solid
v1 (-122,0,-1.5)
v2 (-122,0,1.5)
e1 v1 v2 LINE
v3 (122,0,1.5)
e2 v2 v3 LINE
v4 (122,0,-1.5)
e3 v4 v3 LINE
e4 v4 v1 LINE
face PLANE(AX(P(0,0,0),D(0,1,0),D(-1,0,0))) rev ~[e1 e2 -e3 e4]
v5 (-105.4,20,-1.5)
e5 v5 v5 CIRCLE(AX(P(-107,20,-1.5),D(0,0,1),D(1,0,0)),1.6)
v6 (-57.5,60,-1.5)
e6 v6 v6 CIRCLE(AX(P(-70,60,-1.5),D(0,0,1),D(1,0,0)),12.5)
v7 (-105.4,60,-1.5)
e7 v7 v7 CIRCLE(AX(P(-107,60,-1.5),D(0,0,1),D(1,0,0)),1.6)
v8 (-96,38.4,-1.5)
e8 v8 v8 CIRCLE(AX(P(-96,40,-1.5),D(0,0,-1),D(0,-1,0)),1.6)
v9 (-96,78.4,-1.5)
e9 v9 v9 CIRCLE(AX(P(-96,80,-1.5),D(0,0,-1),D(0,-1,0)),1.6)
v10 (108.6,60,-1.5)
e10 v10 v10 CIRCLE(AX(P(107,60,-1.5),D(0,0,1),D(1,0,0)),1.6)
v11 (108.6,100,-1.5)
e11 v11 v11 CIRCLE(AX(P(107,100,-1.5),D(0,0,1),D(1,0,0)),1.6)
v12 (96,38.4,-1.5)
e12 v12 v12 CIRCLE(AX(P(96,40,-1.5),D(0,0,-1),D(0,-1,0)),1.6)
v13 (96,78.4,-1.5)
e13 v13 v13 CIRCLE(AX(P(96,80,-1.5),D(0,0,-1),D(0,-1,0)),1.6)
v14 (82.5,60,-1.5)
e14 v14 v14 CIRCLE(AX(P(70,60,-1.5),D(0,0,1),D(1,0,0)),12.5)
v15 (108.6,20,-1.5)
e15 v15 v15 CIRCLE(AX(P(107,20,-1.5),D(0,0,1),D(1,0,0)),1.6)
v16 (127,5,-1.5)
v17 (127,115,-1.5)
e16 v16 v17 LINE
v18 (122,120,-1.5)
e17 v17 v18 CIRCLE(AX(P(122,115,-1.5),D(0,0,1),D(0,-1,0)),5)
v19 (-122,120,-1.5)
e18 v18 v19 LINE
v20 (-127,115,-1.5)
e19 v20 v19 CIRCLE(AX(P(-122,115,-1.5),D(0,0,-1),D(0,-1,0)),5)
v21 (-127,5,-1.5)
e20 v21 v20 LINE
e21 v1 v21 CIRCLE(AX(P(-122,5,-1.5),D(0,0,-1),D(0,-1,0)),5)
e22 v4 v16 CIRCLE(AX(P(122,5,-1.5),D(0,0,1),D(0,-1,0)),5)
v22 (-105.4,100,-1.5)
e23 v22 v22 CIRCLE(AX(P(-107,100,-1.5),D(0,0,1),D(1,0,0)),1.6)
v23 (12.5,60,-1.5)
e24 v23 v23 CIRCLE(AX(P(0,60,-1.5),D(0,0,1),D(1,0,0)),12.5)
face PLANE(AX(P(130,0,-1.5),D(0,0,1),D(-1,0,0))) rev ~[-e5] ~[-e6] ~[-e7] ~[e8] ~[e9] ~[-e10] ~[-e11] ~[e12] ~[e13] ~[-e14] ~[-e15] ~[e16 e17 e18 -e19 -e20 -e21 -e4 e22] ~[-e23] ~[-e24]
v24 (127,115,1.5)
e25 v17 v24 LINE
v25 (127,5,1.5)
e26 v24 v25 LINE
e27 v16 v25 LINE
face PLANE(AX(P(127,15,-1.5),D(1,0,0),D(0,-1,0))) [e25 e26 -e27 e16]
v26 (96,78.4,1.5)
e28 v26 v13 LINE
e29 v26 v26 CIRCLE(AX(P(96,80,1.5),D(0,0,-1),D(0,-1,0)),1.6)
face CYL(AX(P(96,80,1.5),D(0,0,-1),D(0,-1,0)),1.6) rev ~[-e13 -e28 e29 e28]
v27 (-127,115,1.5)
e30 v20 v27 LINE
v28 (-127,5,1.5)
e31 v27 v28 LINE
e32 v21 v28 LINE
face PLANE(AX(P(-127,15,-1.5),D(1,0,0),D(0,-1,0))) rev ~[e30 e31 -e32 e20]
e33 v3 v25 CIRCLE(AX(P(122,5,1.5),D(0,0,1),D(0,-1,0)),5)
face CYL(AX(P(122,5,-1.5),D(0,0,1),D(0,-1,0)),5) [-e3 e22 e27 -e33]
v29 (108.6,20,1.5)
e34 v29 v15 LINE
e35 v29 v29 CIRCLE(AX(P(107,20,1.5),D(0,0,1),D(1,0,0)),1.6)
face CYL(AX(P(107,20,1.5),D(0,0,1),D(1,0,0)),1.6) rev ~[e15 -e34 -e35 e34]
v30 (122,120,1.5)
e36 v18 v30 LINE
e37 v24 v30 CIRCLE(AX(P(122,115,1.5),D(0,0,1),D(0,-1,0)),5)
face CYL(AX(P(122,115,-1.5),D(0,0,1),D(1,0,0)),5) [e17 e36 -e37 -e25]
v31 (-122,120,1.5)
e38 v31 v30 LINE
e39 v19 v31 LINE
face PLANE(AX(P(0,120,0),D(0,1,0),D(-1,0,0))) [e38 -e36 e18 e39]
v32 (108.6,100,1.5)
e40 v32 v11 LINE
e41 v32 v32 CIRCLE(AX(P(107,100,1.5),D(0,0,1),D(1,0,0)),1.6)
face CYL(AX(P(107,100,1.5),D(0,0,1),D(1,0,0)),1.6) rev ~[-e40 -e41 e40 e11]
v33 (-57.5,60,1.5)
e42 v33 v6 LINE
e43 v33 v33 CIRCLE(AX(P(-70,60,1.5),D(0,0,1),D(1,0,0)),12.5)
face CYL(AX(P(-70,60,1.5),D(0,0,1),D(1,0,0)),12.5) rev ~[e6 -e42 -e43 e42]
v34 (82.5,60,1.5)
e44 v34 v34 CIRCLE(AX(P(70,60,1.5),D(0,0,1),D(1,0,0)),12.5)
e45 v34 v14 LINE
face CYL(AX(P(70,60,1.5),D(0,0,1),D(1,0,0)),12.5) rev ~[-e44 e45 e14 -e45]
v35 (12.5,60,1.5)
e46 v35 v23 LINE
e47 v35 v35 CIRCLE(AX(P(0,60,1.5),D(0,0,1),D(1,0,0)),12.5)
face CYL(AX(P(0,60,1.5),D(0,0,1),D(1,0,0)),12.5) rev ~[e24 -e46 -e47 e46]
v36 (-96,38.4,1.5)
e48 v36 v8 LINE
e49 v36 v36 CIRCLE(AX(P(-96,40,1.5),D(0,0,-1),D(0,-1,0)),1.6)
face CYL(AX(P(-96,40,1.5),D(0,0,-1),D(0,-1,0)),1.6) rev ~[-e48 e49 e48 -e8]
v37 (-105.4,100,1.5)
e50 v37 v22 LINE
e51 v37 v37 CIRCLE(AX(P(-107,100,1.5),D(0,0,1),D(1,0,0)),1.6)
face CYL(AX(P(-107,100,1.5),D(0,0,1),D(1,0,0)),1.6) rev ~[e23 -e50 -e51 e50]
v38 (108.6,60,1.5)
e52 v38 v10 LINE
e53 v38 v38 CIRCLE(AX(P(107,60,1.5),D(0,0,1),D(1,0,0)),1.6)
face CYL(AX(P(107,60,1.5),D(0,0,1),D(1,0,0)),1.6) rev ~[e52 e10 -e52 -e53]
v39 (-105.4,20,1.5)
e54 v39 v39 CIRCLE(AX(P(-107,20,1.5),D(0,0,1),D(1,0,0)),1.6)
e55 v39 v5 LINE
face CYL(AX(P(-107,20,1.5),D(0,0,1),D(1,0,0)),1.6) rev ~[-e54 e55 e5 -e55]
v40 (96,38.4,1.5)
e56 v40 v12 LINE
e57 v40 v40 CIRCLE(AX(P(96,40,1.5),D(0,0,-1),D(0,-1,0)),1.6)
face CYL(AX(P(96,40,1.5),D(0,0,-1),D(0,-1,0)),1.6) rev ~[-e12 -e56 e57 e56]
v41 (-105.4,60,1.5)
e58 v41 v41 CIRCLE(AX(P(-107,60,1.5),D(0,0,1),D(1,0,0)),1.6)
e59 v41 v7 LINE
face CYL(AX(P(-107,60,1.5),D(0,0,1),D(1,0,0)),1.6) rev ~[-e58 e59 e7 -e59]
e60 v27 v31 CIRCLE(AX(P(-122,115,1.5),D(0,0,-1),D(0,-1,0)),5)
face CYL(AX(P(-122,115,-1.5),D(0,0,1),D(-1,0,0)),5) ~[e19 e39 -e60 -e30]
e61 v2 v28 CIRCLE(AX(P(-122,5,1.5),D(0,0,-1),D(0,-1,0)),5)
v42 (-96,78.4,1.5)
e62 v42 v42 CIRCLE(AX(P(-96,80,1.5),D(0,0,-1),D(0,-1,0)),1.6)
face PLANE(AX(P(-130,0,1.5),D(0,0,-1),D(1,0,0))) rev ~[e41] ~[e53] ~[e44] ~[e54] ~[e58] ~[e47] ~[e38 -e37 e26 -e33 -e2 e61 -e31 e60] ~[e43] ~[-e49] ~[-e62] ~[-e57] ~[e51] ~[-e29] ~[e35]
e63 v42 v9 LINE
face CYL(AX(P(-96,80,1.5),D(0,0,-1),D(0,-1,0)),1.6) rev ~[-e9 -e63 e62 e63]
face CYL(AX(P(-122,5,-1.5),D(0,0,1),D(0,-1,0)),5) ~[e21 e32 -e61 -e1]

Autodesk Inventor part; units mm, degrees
ref_plane "YZ Plane" through (0, 0, 0) normal (1, 0, 0) x (0, 1, 0)
ref_plane "XZ Plane" through (0, 0, 0) normal (0, 1, 0) x (-1, 0, 0)
ref_plane "XY Plane" through (0, 0, 0) normal (0, 0, 1) x (1, 0, 0)
sketch "スケッチ1" plane through (0, 0, 0) normal (0, 1, 0) x (-1, 0, 0)
  line L0 (130, 1.5) -> (-130, 1.5)
  line L1 (-130, 1.5) -> (-130, -1.5)
  line L2 (-130, -1.5) -> (130, -1.5)
  line L3 (130, -1.5) -> (130, 1.5)
  line L4 (130, 1.5) -> (-130, -1.5) construction
  line L5 (-130, 1.5) -> (130, -1.5) construction
  point P0 (0, 0)
  dimension "d0" = 260
  dimension "d1" = 3
extrude "押し出し1" add sketch "スケッチ1" along normal blind 120
sketch "スケッチ3" plane through (-130, 0, 1.5) normal (0, 0, 1) x (1, 0, 0)
  circle A0 centre (60, 60) radius 12.5
  circle A1 centre (130, 60) radius 12.5
  circle A2 centre (200, 60) radius 12.5
  line L0 (0, 0) -> (0, 120) projected
  line L1 (260, 0) -> (260, 120) projected
  point P0 (130, 0)
  point P1 (0, 60)
  point P2 (260, 60)
  dimension "d10" = 25
  dimension "d11" = 25
  dimension "d12" = 25
  dimension "d15" = 60
  dimension "d16" = 60
  dimension "d18" = 0
  dimension "d21" = 0
  dimension "d71" = 0
  dimension "d72" = 70
extrude "押し出し3" cut sketch "スケッチ3" against normal through all
sketch "スケッチ5" plane through (130, 0, -1.5) normal (0, 0, -1) x (-1, 0, 0)
  line L0 (0, 0) -> (260, 0) projected
  line L1 (0, 120) -> (3, 120)
  line L2 (3, 120) -> (3, 0)
  line L3 (3, 0) -> (0, 0)
  line L4 (0, 0) -> (0, 120)
  line L5 (0, 105) -> (3, 105)
  line L6 (3, 105) -> (3, 15)
  line L7 (3, 15) -> (0, 15)
  line L8 (0, 15) -> (0, 105)
  line L9 (0, 120) -> (260, 120) projected
  line L10 (130, 120) -> (130, 0)
  line L11 (260, 0) -> (0, 0)
  line L12 (260, 120) -> (257, 120)
  line L13 (257, 120) -> (257, 0)
  line L14 (260, 0) -> (260, 120)
  line L15 (260, 105) -> (257, 105)
  line L16 (257, 15) -> (260, 15)
  point P0 (1.5, 105)
  point P1 (1.5, 120)
  point P2 (1.5, 15)
  point P3 (1.5, 0)
  point P4 (258.5, 15)
  point P5 (257, 0)
  point P6 (257, 120)
  point P7 (0, 15)
  point P8 (3, 105)
  dimension "d22" = 3
  dimension "d23" = 15
  dimension "d24" = 15
extrude "押し出し4" cut sketch "スケッチ5" against normal through all contours L4 L7 L2 L0 | L4 L5 L2 L7 | L4 L1 L2 L5 | L13 L16 L14 L0 | L13 L15 L14 L16 | L9 L14 L15 L13
sketch "スケッチ8" plane through (-127, 0, 1.5) normal (0, 0, 1) x (1, 0, 0)
  circle A0 centre (20, 100) radius 1.6
  circle A1 centre (20, 20) radius 1.6
  line L0 (0, 120) -> (0, 0) projected
  line L1 (0, 120) -> (254, 120) projected
  line L2 (0, 0) -> (254, 0) projected
  line L3 (127, 120) -> (127, 0)
  circle A2 centre (234, 100) radius 1.6
  circle A3 centre (234, 20) radius 1.6
  circle A4 centre (20, 60) radius 1.6
  circle A5 centre (234, 60) radius 1.6
  dimension "d31" = 20
  dimension "d32" = 20
  dimension "d33" = 20
  dimension "d34" = 20
  dimension "d35" = 3.2
  dimension "d36" = 3.2
  dimension "d73" = 3.2
  dimension "d74" = 40
  dimension "d75" = 20
extrude "押し出し7" cut sketch "スケッチ8" against normal through all contours A0 | A1 | A2 | A3 | A4 | A5
fillet "フィレット1" radius 5 4 edges at (-127, 120, 0) (-127, 0, 0) (127, 120, 0) (127, 0, 0)
sketch "スケッチ13" plane through (-122, 0, 1.5) normal (0, 0, 1) x (1, 0, 0)
  line L0 (244, 120) -> (0, 120) projected
  line L1 (122, 120) -> (122, 0)
  circle A0 centre (15, 110) radius 1.6 projected
  circle A1 centre (15, 10) radius 1.6 projected
  circle A2 centre (15, 60) radius 1.6 projected
  circle A3 centre (122, 60) radius 12.5 projected
  line L2 (122, 60) -> (122, 88.3789)
  point P0 (26, 80)
  point P1 (26, 40)
  point P2 (218, 80)
  point P3 (218, 40)
  dimension "d76" = 11
  dimension "d77" = 40
  dimension "d78" = 20
  dimension "d79" = 11
hole "穴1" at (-96, 80, 1.5) at (-96, 40, 1.5) at (96, 40, 1.5) at (96, 80, 1.5) direction (0, 0, -1) diameter 3.2 end through all
equation "\"d36\" = d35"
equation "\"d73\" = d35"
equation "\"d78\" = 0.5 * d77"
properties part number "BP_BOX-Front-120" material "アセタール樹脂、白"
